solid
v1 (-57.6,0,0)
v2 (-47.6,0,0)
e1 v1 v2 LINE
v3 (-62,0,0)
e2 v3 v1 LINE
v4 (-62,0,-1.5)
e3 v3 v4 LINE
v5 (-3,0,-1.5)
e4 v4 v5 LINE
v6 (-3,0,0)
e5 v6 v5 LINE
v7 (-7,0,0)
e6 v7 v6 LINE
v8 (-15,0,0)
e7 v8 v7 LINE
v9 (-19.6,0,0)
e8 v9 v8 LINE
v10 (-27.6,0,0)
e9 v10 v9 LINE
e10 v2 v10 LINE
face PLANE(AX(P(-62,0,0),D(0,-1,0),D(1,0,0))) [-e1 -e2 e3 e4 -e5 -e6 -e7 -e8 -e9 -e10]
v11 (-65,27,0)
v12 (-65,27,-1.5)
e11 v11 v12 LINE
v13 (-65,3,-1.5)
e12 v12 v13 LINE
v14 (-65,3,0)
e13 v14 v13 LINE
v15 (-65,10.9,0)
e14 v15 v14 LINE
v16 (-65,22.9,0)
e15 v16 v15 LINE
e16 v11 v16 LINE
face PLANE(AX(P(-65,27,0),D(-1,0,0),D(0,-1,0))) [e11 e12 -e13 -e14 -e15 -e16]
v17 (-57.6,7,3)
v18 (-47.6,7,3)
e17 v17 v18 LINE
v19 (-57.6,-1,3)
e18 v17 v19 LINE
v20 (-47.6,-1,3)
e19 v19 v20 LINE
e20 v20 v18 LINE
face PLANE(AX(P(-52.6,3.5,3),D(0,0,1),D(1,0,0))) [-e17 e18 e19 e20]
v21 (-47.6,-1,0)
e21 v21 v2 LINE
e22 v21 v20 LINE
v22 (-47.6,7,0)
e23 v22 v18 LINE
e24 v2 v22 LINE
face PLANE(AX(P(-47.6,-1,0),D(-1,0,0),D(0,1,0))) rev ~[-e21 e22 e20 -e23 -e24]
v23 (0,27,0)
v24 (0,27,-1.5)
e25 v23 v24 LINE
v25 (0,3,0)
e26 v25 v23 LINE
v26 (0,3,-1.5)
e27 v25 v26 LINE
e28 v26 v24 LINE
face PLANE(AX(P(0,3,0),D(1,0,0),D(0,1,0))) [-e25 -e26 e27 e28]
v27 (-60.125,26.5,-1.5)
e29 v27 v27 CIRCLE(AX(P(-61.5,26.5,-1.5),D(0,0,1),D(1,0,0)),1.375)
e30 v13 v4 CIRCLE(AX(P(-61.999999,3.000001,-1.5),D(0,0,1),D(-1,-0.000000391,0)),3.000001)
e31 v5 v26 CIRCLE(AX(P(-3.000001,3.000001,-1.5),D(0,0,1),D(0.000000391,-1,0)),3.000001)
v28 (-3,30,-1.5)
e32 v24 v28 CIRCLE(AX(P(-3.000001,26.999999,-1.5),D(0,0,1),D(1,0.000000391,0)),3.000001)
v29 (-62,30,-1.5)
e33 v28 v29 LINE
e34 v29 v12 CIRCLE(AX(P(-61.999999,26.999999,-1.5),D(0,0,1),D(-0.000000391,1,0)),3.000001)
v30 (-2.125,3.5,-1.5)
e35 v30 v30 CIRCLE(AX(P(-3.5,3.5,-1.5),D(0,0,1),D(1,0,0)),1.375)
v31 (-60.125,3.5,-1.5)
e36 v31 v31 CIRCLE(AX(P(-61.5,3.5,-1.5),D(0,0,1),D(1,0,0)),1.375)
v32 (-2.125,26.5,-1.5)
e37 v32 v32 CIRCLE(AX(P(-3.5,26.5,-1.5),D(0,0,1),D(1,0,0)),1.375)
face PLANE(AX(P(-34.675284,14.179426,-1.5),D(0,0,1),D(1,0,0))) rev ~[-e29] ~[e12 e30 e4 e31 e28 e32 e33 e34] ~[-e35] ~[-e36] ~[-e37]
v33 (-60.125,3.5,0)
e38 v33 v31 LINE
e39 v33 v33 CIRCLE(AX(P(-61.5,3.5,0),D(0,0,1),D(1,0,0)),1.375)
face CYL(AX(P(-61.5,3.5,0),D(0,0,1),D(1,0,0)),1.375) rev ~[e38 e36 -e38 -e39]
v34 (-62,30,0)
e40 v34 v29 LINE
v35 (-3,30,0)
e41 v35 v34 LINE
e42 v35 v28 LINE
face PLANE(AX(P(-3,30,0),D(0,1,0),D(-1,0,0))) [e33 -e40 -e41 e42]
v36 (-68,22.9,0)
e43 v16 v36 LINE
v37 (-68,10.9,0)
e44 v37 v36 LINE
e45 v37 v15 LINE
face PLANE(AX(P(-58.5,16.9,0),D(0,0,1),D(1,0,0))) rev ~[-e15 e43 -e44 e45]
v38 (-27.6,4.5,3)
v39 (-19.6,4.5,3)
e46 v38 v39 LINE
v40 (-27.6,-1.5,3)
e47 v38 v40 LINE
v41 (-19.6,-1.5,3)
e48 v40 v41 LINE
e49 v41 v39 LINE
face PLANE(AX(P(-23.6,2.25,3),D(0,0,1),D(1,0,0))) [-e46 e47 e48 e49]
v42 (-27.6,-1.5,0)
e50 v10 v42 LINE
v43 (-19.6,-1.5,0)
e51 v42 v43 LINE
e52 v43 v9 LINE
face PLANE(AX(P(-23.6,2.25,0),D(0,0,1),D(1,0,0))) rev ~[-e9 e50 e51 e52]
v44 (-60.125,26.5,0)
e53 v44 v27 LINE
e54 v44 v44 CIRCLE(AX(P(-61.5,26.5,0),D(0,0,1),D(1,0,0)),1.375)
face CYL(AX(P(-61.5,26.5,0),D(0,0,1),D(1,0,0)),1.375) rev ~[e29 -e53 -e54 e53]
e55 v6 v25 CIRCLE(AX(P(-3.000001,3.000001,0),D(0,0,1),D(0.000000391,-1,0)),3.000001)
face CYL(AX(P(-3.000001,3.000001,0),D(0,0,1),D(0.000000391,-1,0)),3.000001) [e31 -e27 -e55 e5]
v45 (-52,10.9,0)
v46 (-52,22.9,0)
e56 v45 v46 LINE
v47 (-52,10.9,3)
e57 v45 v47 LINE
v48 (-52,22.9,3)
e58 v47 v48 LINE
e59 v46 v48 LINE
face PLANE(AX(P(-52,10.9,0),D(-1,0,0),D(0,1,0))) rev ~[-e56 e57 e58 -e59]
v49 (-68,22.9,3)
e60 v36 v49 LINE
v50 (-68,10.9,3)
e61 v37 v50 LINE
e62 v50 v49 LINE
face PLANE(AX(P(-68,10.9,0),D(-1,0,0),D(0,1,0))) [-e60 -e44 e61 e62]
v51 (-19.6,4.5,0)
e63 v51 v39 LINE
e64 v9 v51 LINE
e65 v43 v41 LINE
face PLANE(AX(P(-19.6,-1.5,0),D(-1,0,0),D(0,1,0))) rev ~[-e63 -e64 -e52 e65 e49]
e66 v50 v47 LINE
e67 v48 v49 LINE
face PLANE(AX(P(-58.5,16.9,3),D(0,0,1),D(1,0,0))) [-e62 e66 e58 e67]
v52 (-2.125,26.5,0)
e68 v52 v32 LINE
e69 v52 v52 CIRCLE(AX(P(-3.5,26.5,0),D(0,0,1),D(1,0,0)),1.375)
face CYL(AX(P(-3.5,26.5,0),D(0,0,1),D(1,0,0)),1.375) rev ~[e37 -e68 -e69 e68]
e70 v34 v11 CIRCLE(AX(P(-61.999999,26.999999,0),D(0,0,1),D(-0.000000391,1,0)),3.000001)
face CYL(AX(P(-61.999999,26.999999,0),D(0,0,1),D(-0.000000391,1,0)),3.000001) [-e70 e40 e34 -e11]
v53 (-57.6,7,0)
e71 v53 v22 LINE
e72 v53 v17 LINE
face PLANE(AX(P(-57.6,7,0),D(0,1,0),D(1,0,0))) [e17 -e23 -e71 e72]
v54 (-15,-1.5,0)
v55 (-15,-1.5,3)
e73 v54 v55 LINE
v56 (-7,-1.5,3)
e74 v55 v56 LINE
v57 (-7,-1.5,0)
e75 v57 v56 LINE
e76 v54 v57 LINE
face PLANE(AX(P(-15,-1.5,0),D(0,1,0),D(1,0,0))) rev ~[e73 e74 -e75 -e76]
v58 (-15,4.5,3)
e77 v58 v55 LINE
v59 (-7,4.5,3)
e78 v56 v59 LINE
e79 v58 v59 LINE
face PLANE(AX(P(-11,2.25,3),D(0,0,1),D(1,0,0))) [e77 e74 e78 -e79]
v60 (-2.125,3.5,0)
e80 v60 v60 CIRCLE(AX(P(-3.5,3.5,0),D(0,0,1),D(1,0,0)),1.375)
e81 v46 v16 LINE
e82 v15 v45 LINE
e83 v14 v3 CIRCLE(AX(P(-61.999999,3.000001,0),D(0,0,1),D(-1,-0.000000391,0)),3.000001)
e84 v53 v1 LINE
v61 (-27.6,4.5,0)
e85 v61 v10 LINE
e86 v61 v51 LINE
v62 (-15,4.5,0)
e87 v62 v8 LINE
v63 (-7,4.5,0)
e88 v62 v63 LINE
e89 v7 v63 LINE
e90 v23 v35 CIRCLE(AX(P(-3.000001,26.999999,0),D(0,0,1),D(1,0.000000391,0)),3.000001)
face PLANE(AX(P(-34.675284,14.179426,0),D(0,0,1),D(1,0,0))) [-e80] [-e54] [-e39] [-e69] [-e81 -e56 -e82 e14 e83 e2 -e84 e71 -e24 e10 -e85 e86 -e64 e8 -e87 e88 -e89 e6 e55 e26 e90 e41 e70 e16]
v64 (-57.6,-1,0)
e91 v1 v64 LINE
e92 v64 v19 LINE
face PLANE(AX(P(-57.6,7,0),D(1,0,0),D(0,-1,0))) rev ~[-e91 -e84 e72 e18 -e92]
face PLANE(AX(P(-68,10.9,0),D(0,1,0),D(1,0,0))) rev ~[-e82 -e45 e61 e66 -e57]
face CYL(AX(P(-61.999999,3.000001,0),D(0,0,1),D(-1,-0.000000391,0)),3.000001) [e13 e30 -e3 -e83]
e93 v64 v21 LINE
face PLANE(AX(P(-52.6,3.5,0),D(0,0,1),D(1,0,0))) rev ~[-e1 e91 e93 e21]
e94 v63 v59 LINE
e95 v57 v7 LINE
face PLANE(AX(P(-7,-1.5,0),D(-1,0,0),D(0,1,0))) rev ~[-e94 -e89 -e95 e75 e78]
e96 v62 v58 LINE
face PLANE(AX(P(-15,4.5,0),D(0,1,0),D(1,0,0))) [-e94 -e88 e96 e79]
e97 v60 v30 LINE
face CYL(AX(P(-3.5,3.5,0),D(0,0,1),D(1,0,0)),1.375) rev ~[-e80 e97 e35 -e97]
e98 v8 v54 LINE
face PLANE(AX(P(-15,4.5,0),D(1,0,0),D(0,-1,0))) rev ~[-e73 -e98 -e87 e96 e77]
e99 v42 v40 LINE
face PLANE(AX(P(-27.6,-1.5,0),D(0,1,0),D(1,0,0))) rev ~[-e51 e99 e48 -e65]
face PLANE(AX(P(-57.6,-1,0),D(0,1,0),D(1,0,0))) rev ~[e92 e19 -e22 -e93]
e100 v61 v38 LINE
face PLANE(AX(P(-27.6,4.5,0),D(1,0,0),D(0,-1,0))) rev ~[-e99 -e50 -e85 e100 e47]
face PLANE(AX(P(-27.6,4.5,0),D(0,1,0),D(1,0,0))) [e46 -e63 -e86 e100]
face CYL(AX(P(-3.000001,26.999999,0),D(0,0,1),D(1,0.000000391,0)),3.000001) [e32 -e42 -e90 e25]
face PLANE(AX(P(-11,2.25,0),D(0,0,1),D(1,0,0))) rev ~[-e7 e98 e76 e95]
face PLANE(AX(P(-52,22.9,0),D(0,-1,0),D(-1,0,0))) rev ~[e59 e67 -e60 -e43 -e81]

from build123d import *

# Parameters (mm, degrees)
F0_R     = 1.375
F0_W     = 10
F0_H     = 7
F0_W_2   = 13
F0_H_2   = 12
F0_W_3   = 8
F0_H_3   = 4.5
F1_DEPTH = 1.5
F0_W_4   = 3
F0_H_4   = 1
F0_H_5   = 1.5
F2_DEPTH = 3


with BuildPart() as f1:
    # F0 (on Top) → F1 (new body)
    with BuildSketch(Plane.XY):
        with BuildLine():
            Line((-7, 0), (-3, 0))
            ThreePointArc((-3, 0), (-0.87868, 0.87868), (0, 3))
            Line((0, 3), (0, 27))
            ThreePointArc((0, 27), (-0.87868, 29.12132), (-3, 30))
            Line((-3, 30), (-62, 30))
            ThreePointArc((-62, 30), (-64.12132, 29.12132), (-65, 27))
            Line((-65, 27), (-65, 22.9))
            Line((-65, 22.9), (-52, 22.9))
            Line((-52, 22.9), (-52, 10.9))
            Line((-52, 10.9), (-65, 10.9))
            Line((-65, 10.9), (-65, 3))
            ThreePointArc((-65, 3), (-64.12132, 0.87868), (-62, 0))
            Line((-62, 0), (-57.6, 0))
            Line((-57.6, 0), (-57.6, 7))
            Line((-57.6, 7), (-47.6, 7))
            Line((-47.6, 7), (-47.6, 0))
            Line((-47.6, 0), (-27.6, 0))
            Line((-27.6, 0), (-27.6, 4.5))
            Line((-27.6, 4.5), (-19.6, 4.5))
            Line((-19.6, 4.5), (-19.6, 0))
            Line((-19.6, 0), (-15, 0))
            Line((-15, 0), (-15, 4.5))
            Line((-15, 4.5), (-7, 4.5))
            Line((-7, 4.5), (-7, 0))
        make_face()
        with Locations((-61.5, 3.5)):
            Circle(F0_R, mode=Mode.SUBTRACT)
        with Locations((-3.5, 3.5)):
            Circle(F0_R, mode=Mode.SUBTRACT)
        with Locations((-61.5, 26.5)):
            Circle(F0_R, mode=Mode.SUBTRACT)
        with Locations((-3.5, 26.5)):
            Circle(F0_R, mode=Mode.SUBTRACT)
        with Locations((-52.6, 3.5)):
            Rectangle(F0_W, F0_H)
        with Locations((-58.5, 16.9)):
            Rectangle(F0_W_2, F0_H_2)
        with Locations((-23.6, 2.25)):
            Rectangle(F0_W_3, F0_H_3)
        with Locations((-11, 2.25)):
            Rectangle(F0_W_3, F0_H_3)
    extrude(amount=-F1_DEPTH)

    # F0 (on Top) → F2 (join)
    with BuildSketch(Plane.XY):
        with Locations((-58.5, 16.9)):
            Rectangle(F0_W_2, F0_H_2)
        with Locations((-66.5, 16.9)):
            Rectangle(F0_W_4, F0_H_2)
        with Locations((-52.6, 3.5)):
            Rectangle(F0_W, F0_H)
        with Locations((-52.6, -0.5)):
            Rectangle(F0_W, F0_H_4)
        with Locations((-23.6, 2.25)):
            Rectangle(F0_W_3, F0_H_3)
        with Locations((-23.6, -0.75)):
            Rectangle(F0_W_3, F0_H_5)
        with Locations((-11, 2.25)):
            Rectangle(F0_W_3, F0_H_3)
        with Locations((-11, -0.75)):
            Rectangle(F0_W_3, F0_H_5)
    extrude(amount=F2_DEPTH)


solid = f1.part
